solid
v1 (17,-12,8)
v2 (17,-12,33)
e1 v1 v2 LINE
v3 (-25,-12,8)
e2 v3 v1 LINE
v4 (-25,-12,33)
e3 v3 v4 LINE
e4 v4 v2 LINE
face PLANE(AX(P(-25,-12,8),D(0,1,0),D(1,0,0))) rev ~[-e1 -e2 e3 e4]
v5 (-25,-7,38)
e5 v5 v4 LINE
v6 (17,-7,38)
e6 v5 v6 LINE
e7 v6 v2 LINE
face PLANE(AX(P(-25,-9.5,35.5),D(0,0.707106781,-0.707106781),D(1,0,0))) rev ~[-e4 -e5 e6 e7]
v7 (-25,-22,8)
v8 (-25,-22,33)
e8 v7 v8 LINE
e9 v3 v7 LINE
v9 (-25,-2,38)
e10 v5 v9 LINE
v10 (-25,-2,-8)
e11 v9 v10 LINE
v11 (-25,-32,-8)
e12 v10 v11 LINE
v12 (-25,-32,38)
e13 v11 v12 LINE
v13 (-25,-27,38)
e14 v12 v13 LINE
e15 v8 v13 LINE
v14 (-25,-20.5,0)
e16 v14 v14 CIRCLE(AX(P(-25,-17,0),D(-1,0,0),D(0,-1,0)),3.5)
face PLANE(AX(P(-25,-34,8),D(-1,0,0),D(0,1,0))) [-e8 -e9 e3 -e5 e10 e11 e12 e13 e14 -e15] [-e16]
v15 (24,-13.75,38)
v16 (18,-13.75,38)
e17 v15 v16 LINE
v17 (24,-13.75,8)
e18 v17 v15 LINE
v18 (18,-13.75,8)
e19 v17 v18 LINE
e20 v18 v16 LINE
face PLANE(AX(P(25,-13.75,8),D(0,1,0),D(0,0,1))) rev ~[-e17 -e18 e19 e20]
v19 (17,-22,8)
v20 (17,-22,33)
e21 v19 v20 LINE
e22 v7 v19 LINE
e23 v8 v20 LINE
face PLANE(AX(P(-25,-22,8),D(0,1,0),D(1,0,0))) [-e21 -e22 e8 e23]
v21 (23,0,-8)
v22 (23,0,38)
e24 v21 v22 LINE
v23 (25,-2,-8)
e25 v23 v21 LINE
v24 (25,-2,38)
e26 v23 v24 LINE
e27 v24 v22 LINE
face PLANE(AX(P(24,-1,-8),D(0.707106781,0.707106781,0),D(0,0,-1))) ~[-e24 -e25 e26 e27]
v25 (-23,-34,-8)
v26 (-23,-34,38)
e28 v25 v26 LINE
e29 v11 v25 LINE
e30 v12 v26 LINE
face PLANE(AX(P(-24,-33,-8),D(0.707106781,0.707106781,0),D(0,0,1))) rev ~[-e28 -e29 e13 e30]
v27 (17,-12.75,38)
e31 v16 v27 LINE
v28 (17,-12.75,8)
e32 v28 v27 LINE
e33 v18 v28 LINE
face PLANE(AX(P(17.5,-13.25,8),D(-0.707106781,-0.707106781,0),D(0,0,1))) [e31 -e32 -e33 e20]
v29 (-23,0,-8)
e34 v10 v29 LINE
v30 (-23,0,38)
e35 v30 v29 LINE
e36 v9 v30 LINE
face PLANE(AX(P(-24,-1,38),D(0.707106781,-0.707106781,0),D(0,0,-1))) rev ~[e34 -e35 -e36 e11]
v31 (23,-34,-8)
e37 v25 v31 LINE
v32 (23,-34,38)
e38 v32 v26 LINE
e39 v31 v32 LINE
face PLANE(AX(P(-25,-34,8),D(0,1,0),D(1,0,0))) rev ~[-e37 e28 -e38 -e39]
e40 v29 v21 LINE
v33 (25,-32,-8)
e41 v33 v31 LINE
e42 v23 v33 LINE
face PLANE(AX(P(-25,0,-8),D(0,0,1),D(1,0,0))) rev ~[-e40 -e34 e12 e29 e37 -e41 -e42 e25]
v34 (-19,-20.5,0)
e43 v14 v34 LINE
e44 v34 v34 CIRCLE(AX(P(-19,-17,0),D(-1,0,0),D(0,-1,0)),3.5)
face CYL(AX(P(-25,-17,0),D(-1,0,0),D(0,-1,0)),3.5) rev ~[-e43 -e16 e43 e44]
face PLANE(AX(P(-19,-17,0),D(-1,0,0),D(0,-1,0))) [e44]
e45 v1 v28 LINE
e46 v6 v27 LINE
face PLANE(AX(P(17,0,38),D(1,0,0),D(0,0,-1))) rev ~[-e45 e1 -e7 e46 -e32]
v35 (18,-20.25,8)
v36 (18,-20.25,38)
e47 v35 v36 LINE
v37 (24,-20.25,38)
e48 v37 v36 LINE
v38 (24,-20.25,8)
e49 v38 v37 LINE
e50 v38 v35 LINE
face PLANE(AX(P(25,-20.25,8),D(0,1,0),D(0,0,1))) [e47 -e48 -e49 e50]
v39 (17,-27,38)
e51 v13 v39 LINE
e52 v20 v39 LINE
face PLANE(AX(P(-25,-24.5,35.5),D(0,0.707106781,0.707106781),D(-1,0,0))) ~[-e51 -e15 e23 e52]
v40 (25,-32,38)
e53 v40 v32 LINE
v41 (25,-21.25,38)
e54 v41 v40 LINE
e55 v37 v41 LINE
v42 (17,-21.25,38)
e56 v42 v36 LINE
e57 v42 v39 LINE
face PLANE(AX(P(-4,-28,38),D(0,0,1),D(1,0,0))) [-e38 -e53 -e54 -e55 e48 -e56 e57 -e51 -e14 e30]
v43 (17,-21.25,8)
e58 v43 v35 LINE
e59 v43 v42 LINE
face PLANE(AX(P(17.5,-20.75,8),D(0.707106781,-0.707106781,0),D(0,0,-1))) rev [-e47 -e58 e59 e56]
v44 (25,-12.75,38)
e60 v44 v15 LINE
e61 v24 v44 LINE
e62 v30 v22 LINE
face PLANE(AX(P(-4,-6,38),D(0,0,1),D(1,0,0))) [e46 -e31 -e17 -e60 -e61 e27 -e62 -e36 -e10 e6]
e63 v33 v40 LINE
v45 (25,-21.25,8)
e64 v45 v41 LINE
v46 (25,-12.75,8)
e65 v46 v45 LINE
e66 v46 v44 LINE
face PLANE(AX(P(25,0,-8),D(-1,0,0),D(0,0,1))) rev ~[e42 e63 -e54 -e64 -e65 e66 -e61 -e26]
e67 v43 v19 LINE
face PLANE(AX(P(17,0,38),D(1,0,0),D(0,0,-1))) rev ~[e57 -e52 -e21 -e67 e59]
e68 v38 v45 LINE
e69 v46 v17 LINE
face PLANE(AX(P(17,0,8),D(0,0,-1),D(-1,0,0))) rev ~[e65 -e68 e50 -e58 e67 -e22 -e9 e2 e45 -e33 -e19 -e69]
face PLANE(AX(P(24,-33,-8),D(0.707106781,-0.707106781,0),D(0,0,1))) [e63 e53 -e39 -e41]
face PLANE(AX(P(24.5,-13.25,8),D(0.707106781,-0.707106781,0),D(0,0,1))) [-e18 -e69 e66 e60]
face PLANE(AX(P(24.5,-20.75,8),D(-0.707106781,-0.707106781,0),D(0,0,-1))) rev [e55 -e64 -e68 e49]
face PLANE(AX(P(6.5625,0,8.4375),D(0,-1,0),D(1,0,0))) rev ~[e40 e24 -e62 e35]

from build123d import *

# Parameters (mm, degrees)
F1_DEPTH = 34
F2_W     = 6.5
F2_H     = 30
F3_DEPTH = 8
F4_R     = 3.5
F5_DEPTH = 6
F6_W     = 42
F6_H     = 12
F7_DEPTH = 30
F8_SIZE  = 5
F9_SIZE  = 2
F10_SIZE = 1


with BuildPart() as f1:
    # F0 (on Front) → F1 (new body)
    with BuildSketch(Plane.XZ):
        Polygon((-20, 8), (-25, 8), (-25, -8), (25, -8), (25, 38), (17, 38), (17, 8), align=None)
    extrude(amount=F1_DEPTH)

    # F2 (on face) → F3 (cut, through all)
    with BuildSketch(Plane.YZ.offset(25)):
        with Locations((-17, 23)):
            Rectangle(F2_W, F2_H)
    extrude(amount=-F3_DEPTH, mode=Mode.SUBTRACT)

    # F4 (on face) → F5 (cut)
    with BuildSketch(Plane(origin=(-25, 0, 0), x_dir=(0, -1, 0), z_dir=(-1, 0, 0))):
        with Locations((17, 0)):
            Circle(F4_R)
    extrude(amount=-F5_DEPTH, mode=Mode.SUBTRACT)

    # F6 (on face) → F7 (join, through all)
    with BuildSketch(Plane.XY.offset(8)):
        with Locations((-4, -28)):
            Rectangle(F6_W, F6_H)
        with Locations((-4, -6)):
            Rectangle(F6_W, F6_H)
    extrude(amount=F7_DEPTH)

    # F8
    f8_edges = [f1.edges().sort_by_distance(p)[0] for p in [
        (-4, -22, 38),
        (-4, -12, 38),
    ]]
    chamfer(f8_edges, length=F8_SIZE)

    # F9
    f9_edges = [f1.edges().sort_by_distance(p)[0] for p in [
        (25, -34, 15),
        (25, 0, 15),
        (-25, -34, 15),
        (-25, 0, 15),
    ]]
    chamfer(f9_edges, length=F9_SIZE)

    # F10
    f10_edges = [f1.edges().sort_by_distance(p)[0] for p in [
        (17, -13.75, 23),
        (17, -20.25, 23),
        (25, -13.75, 23),
        (25, -20.25, 23),
    ]]
    chamfer(f10_edges, length=F10_SIZE)


solid = f1.part
